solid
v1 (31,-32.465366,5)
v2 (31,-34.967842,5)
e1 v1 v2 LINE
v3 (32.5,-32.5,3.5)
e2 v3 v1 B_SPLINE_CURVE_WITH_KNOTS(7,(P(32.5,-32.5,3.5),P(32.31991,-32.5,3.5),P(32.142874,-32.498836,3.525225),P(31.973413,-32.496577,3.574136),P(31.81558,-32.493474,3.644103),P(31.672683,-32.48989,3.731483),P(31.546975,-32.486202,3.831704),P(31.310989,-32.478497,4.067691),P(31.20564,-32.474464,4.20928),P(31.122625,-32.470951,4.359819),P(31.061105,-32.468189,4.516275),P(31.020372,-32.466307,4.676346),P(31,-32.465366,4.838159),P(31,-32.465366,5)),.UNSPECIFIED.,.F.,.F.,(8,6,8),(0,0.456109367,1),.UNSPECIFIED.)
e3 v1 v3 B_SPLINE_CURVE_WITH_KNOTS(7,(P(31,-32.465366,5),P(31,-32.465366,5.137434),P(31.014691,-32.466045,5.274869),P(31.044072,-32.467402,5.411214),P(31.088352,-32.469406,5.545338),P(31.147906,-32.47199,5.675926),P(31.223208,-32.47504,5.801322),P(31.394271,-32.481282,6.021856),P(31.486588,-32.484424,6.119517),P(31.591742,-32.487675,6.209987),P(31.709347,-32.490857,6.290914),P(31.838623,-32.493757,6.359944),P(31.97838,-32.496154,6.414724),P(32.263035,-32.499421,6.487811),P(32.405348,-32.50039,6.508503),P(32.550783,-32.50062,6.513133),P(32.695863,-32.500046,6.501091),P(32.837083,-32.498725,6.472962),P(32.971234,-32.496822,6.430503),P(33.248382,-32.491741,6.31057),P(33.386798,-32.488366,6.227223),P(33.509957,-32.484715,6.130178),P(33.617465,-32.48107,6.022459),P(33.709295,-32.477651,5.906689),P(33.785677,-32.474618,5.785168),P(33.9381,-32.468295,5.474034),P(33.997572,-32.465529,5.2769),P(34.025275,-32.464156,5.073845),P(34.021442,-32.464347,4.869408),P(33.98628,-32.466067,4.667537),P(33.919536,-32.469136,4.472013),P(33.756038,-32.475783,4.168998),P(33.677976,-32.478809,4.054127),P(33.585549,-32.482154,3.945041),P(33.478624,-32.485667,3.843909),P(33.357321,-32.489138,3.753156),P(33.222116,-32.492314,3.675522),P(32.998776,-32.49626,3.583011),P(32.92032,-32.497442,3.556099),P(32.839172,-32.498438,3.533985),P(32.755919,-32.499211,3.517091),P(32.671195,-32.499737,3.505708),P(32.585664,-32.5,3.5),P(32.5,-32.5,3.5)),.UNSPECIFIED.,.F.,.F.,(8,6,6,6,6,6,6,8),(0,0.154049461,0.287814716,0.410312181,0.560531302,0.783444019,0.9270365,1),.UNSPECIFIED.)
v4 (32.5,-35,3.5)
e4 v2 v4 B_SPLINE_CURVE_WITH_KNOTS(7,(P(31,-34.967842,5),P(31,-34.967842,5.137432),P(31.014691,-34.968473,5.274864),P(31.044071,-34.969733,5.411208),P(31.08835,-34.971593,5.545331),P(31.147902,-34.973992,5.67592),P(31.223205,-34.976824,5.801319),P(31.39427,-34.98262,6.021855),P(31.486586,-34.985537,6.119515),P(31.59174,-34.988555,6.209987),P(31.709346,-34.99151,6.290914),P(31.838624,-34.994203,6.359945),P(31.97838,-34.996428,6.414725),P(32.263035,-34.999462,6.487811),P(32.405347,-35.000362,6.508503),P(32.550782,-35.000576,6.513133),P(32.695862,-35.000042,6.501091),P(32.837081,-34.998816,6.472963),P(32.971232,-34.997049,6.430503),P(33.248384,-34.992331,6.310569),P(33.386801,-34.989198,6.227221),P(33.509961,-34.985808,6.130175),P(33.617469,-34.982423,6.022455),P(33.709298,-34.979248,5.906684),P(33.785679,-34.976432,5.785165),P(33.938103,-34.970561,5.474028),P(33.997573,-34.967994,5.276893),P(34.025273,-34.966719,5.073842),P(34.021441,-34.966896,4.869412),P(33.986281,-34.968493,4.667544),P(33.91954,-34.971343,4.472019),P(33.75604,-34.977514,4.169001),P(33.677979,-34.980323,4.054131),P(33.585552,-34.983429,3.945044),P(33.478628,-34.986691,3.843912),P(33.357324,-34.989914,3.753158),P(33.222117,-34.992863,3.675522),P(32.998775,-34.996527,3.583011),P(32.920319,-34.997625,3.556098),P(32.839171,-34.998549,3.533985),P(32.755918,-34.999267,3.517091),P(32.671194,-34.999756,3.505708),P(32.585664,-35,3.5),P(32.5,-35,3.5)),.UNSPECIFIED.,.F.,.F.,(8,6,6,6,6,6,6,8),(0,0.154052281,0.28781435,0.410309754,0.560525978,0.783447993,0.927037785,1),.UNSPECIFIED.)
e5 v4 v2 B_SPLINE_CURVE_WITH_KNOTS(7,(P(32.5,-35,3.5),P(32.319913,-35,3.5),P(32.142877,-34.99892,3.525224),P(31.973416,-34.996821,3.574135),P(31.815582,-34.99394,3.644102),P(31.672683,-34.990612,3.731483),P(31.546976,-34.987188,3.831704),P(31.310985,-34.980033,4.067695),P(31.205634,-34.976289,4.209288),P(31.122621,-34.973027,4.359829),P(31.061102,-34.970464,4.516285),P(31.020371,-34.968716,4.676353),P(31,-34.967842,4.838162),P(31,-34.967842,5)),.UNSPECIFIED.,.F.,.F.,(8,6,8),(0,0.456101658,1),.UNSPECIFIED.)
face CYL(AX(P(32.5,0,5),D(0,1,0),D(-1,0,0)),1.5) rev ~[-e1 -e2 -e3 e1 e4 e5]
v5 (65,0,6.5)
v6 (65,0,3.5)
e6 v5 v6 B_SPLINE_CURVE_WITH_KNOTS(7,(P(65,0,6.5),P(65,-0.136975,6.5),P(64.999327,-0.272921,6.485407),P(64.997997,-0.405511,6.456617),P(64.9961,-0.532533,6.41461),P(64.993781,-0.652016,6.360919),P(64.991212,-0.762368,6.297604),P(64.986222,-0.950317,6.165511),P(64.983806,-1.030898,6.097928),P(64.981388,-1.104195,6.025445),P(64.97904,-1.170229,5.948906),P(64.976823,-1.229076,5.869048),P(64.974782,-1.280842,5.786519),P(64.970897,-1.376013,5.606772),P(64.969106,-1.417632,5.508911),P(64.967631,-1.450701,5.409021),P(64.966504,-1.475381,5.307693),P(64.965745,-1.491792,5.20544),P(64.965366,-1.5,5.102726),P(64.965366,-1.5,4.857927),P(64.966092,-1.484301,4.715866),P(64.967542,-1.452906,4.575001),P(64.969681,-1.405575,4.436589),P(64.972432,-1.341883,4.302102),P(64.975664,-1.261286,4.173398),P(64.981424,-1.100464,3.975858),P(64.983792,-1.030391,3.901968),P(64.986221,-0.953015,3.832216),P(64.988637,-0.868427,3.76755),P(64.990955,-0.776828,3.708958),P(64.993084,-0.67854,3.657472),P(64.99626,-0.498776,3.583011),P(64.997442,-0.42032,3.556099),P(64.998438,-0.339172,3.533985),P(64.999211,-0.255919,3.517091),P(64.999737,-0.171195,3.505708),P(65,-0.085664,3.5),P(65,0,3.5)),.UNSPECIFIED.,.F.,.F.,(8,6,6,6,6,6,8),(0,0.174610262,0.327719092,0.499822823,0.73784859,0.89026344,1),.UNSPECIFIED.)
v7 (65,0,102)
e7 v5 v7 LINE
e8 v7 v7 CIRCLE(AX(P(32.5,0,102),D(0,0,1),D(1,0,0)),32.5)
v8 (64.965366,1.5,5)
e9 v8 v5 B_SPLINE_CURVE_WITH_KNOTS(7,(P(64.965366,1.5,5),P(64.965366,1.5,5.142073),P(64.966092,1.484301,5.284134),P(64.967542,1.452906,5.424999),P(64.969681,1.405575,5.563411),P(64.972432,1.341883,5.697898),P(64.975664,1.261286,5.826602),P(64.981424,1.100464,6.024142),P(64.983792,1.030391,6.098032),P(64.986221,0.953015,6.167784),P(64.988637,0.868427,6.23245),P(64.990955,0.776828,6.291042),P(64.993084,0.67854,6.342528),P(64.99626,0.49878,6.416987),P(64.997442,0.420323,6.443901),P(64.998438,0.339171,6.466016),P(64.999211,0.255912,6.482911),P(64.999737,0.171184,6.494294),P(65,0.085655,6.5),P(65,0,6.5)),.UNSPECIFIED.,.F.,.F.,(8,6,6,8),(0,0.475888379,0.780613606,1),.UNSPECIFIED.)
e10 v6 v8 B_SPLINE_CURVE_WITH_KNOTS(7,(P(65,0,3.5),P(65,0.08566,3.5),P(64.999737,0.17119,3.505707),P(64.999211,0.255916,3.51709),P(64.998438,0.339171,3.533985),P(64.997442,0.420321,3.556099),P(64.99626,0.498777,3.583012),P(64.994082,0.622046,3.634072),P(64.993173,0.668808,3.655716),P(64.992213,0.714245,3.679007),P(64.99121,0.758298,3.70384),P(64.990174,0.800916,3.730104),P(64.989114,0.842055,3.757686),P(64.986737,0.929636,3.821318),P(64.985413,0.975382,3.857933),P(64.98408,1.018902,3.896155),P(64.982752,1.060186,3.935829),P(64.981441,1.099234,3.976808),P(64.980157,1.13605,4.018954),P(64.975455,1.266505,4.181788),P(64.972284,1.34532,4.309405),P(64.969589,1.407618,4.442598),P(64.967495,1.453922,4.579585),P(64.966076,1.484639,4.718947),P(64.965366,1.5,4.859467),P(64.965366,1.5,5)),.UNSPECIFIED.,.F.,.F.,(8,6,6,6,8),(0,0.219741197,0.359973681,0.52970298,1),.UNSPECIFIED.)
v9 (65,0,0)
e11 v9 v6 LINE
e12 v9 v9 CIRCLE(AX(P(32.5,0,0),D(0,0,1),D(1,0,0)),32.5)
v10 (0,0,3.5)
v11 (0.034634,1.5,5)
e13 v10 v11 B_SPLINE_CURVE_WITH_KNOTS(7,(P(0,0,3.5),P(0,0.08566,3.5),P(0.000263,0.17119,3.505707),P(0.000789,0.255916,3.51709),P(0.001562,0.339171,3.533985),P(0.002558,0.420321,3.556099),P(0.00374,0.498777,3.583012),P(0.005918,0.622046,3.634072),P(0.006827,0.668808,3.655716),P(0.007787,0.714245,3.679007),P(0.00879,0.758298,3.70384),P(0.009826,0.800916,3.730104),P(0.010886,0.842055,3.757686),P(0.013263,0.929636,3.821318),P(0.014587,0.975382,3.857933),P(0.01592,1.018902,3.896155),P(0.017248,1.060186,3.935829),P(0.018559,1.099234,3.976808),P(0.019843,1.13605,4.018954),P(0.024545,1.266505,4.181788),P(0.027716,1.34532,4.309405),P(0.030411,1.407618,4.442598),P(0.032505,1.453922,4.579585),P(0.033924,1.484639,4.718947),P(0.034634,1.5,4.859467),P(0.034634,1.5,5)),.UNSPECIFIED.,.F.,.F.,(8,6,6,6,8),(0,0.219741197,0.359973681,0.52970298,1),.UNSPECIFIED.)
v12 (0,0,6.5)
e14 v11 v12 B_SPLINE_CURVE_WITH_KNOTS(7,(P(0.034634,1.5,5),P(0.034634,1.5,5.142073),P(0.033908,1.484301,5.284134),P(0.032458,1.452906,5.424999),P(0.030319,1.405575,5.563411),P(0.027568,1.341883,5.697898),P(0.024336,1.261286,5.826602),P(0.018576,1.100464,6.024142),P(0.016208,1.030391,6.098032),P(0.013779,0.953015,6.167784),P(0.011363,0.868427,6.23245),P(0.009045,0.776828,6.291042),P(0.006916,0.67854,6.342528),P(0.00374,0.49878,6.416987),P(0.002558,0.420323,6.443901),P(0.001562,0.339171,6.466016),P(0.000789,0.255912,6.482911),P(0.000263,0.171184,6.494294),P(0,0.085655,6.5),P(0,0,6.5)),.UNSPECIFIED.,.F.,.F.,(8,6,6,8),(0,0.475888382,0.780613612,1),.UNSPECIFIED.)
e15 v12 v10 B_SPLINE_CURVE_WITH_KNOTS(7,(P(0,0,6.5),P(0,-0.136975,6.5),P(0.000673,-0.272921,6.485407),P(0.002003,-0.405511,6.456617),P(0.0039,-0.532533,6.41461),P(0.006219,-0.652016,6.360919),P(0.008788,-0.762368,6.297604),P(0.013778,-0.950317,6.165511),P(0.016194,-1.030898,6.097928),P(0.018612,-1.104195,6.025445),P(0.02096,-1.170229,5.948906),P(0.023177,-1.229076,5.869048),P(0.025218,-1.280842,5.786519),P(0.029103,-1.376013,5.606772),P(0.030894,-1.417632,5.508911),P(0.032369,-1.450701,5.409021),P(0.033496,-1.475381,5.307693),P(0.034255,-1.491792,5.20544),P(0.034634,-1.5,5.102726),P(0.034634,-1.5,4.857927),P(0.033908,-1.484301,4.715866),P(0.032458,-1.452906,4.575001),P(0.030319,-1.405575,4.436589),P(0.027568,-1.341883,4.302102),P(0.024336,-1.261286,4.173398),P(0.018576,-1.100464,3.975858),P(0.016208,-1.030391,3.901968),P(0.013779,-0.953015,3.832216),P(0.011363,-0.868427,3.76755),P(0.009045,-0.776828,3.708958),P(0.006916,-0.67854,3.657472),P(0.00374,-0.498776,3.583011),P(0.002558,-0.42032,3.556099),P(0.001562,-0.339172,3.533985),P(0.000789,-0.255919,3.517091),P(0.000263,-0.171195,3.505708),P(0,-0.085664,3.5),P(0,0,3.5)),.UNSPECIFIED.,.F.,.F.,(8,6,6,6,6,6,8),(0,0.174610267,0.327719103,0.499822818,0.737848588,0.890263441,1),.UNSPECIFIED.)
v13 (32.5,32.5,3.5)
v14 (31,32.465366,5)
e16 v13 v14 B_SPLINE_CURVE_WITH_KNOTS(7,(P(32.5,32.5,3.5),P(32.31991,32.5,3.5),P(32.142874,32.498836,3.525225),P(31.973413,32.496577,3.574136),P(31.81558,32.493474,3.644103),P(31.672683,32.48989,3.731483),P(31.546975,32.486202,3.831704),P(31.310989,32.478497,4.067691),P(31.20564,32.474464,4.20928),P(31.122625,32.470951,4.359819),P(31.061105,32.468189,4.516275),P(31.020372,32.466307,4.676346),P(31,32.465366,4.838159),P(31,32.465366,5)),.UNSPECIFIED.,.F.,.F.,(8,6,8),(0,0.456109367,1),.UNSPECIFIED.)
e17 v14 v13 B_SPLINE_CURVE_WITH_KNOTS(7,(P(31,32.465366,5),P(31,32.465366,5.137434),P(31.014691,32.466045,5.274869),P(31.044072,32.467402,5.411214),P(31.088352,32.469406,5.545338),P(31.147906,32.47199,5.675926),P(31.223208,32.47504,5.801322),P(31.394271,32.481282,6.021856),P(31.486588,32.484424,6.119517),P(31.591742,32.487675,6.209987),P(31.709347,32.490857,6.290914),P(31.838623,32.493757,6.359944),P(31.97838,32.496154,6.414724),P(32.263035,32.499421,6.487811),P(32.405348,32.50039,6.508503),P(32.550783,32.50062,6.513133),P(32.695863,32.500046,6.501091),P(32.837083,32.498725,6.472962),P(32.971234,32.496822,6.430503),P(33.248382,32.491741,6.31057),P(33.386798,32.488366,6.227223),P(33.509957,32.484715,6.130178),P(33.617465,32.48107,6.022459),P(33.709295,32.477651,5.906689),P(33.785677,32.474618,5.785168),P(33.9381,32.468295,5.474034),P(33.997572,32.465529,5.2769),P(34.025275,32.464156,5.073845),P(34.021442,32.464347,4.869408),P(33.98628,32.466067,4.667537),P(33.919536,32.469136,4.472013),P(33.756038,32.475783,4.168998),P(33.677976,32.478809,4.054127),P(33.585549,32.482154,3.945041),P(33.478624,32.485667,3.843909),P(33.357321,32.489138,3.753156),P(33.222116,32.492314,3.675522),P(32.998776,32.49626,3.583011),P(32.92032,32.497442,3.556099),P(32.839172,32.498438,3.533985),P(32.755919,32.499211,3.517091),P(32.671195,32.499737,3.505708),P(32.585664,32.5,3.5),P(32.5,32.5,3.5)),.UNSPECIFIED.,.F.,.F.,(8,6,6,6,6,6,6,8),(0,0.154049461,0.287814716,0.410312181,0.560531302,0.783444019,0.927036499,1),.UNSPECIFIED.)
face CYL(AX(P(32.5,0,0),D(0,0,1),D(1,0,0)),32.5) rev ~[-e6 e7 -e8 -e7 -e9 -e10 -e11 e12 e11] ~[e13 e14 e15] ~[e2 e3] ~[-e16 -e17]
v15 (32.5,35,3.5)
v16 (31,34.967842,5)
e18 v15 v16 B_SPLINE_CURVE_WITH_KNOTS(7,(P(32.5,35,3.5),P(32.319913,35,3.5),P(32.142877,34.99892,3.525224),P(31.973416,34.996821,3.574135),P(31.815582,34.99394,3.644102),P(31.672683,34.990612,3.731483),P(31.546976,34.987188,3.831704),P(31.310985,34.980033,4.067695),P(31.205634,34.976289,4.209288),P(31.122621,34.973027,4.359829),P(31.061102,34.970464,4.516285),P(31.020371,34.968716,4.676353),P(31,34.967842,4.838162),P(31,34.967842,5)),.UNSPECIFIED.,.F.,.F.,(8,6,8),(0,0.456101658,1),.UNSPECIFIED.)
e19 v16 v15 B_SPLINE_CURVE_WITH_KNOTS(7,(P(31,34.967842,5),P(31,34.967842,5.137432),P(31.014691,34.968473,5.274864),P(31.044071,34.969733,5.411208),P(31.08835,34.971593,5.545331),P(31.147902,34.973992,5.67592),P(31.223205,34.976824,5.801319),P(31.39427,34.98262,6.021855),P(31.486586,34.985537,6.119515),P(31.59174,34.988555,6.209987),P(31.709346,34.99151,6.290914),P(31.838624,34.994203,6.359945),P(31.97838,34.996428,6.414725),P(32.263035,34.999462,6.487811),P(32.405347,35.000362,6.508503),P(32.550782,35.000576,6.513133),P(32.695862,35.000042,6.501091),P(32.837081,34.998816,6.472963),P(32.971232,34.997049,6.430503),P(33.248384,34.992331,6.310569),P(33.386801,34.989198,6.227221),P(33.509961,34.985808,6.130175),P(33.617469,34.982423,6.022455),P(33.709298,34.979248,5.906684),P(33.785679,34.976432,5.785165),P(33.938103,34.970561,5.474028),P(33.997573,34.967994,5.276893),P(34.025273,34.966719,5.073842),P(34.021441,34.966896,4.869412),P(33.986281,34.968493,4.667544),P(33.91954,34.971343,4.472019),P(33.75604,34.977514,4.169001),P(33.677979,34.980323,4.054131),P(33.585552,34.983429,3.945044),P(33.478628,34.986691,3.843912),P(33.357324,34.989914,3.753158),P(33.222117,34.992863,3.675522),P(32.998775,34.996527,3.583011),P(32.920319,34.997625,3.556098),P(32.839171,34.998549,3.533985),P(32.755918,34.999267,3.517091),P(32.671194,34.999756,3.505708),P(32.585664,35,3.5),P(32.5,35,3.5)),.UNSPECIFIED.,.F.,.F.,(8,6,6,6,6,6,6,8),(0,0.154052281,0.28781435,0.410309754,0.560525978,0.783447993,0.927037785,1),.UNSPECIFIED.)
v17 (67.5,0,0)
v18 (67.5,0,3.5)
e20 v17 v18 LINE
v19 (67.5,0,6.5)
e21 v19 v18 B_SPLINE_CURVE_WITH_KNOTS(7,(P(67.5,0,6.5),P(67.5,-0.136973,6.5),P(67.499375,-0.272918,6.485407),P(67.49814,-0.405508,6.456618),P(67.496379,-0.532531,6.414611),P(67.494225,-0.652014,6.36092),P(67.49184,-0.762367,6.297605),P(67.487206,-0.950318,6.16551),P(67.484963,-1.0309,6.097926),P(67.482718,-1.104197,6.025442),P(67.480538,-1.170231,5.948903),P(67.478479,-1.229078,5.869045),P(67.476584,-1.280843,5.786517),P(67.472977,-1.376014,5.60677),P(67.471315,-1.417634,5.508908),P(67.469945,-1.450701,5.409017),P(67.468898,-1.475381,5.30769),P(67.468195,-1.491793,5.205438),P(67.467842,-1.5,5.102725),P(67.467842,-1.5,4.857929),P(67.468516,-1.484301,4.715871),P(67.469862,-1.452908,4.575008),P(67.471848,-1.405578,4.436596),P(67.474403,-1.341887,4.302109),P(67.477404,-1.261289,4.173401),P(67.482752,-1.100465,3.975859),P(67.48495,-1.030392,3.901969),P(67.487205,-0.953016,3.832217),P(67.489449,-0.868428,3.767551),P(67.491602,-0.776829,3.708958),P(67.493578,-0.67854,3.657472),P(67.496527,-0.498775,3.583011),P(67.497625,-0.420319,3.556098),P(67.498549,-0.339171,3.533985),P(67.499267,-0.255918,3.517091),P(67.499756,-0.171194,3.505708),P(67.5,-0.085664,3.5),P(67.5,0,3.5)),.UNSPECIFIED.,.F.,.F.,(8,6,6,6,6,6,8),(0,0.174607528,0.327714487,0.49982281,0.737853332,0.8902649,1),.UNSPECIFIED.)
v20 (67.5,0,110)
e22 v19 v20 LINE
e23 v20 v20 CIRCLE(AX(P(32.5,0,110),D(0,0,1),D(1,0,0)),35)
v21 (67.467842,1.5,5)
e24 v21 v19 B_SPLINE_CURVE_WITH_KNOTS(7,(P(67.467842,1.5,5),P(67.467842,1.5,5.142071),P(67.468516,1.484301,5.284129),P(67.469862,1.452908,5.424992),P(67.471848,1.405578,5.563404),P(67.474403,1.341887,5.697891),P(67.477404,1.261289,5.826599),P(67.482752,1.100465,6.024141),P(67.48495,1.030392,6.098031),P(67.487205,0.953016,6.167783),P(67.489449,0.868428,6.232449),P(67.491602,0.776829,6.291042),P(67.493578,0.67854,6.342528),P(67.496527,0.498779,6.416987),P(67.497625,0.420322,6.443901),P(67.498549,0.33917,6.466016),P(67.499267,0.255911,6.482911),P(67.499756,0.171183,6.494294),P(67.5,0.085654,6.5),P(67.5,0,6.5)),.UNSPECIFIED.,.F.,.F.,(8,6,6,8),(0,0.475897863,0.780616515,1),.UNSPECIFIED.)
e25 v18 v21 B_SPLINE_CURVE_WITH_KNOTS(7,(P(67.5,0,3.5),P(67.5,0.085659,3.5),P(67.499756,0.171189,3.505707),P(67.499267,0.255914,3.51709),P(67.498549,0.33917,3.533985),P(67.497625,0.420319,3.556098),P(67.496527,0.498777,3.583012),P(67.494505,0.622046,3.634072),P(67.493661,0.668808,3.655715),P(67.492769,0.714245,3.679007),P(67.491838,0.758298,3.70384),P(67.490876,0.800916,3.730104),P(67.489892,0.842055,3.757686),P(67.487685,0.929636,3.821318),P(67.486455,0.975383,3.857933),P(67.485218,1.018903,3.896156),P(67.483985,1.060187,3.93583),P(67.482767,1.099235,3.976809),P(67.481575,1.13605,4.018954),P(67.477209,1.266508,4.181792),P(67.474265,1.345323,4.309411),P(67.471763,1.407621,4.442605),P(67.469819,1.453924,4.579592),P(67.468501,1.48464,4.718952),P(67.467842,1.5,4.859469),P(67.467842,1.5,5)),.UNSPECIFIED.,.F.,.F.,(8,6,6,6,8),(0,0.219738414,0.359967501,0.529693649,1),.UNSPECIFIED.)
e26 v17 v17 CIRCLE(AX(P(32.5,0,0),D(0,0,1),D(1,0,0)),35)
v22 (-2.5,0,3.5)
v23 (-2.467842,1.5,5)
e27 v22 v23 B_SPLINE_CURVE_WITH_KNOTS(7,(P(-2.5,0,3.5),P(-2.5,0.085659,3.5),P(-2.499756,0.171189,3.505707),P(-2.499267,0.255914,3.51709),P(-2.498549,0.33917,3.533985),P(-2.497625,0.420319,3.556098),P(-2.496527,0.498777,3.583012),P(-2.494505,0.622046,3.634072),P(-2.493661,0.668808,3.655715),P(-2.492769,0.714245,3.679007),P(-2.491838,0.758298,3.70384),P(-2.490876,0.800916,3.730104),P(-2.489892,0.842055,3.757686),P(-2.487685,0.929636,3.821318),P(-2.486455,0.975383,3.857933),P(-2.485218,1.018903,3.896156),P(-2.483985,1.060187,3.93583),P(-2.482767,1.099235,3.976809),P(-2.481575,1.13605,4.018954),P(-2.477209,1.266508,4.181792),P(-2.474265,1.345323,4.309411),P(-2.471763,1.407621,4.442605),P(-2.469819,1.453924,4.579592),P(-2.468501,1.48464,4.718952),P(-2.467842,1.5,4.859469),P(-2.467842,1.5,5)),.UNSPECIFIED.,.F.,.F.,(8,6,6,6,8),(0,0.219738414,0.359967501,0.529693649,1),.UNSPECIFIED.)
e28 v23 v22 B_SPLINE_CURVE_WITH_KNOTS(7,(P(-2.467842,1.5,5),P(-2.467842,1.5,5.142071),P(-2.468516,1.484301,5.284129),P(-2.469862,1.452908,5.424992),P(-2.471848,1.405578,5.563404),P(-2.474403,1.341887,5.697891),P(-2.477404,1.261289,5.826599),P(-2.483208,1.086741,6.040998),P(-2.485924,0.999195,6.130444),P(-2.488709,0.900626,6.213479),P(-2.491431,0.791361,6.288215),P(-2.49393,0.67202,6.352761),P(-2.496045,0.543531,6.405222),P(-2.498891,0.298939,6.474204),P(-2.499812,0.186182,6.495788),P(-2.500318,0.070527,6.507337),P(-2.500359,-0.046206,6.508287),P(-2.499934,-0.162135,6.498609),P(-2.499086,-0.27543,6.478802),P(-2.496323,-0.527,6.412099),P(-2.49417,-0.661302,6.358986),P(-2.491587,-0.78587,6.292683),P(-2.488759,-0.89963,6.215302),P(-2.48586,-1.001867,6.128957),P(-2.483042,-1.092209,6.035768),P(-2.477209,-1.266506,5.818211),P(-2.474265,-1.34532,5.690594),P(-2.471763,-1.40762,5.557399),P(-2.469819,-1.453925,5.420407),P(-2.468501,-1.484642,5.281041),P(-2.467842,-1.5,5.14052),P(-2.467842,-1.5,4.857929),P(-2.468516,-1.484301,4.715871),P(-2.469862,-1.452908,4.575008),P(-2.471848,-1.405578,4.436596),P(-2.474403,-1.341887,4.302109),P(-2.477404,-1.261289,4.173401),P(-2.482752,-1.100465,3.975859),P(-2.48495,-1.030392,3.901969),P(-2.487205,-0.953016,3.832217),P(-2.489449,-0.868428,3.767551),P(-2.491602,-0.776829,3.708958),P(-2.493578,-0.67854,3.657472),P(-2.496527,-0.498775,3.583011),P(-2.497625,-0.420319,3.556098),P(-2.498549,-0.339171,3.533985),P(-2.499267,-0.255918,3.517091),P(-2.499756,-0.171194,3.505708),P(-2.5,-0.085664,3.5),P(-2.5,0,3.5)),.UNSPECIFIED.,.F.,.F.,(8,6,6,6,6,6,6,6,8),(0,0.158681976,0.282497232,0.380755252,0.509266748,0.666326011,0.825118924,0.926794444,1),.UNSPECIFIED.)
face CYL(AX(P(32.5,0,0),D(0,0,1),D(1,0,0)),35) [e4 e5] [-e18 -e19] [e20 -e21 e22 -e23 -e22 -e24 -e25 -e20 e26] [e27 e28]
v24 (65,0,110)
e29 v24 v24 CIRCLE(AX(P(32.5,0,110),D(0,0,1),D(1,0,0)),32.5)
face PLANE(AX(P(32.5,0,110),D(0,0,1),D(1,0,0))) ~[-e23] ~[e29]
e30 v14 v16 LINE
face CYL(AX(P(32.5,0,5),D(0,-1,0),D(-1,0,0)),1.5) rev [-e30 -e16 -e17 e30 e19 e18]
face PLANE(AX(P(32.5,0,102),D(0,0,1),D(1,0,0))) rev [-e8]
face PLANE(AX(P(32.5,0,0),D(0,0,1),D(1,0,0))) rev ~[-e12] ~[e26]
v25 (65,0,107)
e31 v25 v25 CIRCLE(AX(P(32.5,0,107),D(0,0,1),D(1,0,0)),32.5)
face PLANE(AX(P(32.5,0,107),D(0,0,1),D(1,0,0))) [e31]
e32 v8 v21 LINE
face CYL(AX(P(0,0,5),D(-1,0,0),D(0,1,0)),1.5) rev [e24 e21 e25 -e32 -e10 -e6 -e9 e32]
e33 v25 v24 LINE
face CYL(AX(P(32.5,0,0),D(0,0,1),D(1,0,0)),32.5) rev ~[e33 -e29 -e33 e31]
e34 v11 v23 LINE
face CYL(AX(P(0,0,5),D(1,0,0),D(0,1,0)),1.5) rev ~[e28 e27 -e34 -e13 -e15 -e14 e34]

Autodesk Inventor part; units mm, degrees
ref_plane "YZ Plane" through (0, 0, 0) normal (1, 0, 0) x (0, 1, 0)
ref_plane "XZ Plane" through (0, 0, 0) normal (0, 1, 0) x (-1, 0, 0)
ref_plane "XY Plane" through (0, 0, 0) normal (0, 0, 1) x (1, 0, 0)
sketch "Sketch1" plane through (0, 0, 0) normal (0, 1, 0) x (-1, 0, 0)
  line L0 (-67.5, -60) -> (-67.5, 0)
  line L1 (2.5, -60) -> (2.5, 0)
  line L2 (-67.5, 0) -> (2.5, 0)
  line L3 (-32.5, 0) -> (-32.5, 110)
  line L4 (2.5, -60) -> (-67.5, -60) projected
  line L5 (-67.5, 0) -> (-67.5, 110)
  line L6 (-65, 0) -> (-65, -30)
  line L7 (0, 0) -> (0, -30)
  line L8 (-65, 0) -> (-65, 110)
  line L9 (-65, 110) -> (-67.5, 110)
  line L10 (-65, 0) -> (-67.5, 0)
  line L11 (-65, 107) -> (-32.5, 107)
  line L12 (-32.5, 107) -> (-32.5, 102)
  line L13 (-32.5, 102) -> (-65, 102)
  line L14 (-65, 102) -> (-65, 107)
  dimension "d1" = 170
  dimension "d2" = 5
  dimension "d3" = 3
revolve "Revolution1" add sketch "Sketch1" angle 360 about axis through (32.5, 0, 0) along (0, 0, 1) contours L5 L9 L8 L2 | L8 L11 L3 L13
sketch "Sketch2" plane through (0, 0, 0) normal (0, 1, 0) x (-1, 0, 0)
  line L0 (2.5, 0) -> (-67.5, 0) projected
  line L1 (2.5, 110) -> (-67.5, 110) projected
  line L2 (-32.5, 0) -> (-32.5, 5)
  circle A0 centre (-32.5, 5) radius 1.5
  point P0 (0, 0)
  dimension "d5" = 5
  dimension "d6" = 3
extrude "Extrusion1" cut sketch "Sketch2" along normal through all both and the other way through all
sketch "Sketch3" plane through (0, 0, 0) normal (1, 0, 0) x (0, 1, 0)
  line L0 (35, 0) -> (-35, 0) projected
  line L1 (35, 110) -> (-35, 110) projected
  line L2 (0, 0) -> (0, 5)
  circle A0 centre (0, 5) radius 1.5
  point P0 (34.9678, 5)
  point P1 (-34.9678, 5)
  dimension "d9" = 5
  dimension "d10" = 3
extrude "Extrusion2" cut sketch "Sketch3" along normal through all both and the other way through all
properties part number "GrundkörperOben"
